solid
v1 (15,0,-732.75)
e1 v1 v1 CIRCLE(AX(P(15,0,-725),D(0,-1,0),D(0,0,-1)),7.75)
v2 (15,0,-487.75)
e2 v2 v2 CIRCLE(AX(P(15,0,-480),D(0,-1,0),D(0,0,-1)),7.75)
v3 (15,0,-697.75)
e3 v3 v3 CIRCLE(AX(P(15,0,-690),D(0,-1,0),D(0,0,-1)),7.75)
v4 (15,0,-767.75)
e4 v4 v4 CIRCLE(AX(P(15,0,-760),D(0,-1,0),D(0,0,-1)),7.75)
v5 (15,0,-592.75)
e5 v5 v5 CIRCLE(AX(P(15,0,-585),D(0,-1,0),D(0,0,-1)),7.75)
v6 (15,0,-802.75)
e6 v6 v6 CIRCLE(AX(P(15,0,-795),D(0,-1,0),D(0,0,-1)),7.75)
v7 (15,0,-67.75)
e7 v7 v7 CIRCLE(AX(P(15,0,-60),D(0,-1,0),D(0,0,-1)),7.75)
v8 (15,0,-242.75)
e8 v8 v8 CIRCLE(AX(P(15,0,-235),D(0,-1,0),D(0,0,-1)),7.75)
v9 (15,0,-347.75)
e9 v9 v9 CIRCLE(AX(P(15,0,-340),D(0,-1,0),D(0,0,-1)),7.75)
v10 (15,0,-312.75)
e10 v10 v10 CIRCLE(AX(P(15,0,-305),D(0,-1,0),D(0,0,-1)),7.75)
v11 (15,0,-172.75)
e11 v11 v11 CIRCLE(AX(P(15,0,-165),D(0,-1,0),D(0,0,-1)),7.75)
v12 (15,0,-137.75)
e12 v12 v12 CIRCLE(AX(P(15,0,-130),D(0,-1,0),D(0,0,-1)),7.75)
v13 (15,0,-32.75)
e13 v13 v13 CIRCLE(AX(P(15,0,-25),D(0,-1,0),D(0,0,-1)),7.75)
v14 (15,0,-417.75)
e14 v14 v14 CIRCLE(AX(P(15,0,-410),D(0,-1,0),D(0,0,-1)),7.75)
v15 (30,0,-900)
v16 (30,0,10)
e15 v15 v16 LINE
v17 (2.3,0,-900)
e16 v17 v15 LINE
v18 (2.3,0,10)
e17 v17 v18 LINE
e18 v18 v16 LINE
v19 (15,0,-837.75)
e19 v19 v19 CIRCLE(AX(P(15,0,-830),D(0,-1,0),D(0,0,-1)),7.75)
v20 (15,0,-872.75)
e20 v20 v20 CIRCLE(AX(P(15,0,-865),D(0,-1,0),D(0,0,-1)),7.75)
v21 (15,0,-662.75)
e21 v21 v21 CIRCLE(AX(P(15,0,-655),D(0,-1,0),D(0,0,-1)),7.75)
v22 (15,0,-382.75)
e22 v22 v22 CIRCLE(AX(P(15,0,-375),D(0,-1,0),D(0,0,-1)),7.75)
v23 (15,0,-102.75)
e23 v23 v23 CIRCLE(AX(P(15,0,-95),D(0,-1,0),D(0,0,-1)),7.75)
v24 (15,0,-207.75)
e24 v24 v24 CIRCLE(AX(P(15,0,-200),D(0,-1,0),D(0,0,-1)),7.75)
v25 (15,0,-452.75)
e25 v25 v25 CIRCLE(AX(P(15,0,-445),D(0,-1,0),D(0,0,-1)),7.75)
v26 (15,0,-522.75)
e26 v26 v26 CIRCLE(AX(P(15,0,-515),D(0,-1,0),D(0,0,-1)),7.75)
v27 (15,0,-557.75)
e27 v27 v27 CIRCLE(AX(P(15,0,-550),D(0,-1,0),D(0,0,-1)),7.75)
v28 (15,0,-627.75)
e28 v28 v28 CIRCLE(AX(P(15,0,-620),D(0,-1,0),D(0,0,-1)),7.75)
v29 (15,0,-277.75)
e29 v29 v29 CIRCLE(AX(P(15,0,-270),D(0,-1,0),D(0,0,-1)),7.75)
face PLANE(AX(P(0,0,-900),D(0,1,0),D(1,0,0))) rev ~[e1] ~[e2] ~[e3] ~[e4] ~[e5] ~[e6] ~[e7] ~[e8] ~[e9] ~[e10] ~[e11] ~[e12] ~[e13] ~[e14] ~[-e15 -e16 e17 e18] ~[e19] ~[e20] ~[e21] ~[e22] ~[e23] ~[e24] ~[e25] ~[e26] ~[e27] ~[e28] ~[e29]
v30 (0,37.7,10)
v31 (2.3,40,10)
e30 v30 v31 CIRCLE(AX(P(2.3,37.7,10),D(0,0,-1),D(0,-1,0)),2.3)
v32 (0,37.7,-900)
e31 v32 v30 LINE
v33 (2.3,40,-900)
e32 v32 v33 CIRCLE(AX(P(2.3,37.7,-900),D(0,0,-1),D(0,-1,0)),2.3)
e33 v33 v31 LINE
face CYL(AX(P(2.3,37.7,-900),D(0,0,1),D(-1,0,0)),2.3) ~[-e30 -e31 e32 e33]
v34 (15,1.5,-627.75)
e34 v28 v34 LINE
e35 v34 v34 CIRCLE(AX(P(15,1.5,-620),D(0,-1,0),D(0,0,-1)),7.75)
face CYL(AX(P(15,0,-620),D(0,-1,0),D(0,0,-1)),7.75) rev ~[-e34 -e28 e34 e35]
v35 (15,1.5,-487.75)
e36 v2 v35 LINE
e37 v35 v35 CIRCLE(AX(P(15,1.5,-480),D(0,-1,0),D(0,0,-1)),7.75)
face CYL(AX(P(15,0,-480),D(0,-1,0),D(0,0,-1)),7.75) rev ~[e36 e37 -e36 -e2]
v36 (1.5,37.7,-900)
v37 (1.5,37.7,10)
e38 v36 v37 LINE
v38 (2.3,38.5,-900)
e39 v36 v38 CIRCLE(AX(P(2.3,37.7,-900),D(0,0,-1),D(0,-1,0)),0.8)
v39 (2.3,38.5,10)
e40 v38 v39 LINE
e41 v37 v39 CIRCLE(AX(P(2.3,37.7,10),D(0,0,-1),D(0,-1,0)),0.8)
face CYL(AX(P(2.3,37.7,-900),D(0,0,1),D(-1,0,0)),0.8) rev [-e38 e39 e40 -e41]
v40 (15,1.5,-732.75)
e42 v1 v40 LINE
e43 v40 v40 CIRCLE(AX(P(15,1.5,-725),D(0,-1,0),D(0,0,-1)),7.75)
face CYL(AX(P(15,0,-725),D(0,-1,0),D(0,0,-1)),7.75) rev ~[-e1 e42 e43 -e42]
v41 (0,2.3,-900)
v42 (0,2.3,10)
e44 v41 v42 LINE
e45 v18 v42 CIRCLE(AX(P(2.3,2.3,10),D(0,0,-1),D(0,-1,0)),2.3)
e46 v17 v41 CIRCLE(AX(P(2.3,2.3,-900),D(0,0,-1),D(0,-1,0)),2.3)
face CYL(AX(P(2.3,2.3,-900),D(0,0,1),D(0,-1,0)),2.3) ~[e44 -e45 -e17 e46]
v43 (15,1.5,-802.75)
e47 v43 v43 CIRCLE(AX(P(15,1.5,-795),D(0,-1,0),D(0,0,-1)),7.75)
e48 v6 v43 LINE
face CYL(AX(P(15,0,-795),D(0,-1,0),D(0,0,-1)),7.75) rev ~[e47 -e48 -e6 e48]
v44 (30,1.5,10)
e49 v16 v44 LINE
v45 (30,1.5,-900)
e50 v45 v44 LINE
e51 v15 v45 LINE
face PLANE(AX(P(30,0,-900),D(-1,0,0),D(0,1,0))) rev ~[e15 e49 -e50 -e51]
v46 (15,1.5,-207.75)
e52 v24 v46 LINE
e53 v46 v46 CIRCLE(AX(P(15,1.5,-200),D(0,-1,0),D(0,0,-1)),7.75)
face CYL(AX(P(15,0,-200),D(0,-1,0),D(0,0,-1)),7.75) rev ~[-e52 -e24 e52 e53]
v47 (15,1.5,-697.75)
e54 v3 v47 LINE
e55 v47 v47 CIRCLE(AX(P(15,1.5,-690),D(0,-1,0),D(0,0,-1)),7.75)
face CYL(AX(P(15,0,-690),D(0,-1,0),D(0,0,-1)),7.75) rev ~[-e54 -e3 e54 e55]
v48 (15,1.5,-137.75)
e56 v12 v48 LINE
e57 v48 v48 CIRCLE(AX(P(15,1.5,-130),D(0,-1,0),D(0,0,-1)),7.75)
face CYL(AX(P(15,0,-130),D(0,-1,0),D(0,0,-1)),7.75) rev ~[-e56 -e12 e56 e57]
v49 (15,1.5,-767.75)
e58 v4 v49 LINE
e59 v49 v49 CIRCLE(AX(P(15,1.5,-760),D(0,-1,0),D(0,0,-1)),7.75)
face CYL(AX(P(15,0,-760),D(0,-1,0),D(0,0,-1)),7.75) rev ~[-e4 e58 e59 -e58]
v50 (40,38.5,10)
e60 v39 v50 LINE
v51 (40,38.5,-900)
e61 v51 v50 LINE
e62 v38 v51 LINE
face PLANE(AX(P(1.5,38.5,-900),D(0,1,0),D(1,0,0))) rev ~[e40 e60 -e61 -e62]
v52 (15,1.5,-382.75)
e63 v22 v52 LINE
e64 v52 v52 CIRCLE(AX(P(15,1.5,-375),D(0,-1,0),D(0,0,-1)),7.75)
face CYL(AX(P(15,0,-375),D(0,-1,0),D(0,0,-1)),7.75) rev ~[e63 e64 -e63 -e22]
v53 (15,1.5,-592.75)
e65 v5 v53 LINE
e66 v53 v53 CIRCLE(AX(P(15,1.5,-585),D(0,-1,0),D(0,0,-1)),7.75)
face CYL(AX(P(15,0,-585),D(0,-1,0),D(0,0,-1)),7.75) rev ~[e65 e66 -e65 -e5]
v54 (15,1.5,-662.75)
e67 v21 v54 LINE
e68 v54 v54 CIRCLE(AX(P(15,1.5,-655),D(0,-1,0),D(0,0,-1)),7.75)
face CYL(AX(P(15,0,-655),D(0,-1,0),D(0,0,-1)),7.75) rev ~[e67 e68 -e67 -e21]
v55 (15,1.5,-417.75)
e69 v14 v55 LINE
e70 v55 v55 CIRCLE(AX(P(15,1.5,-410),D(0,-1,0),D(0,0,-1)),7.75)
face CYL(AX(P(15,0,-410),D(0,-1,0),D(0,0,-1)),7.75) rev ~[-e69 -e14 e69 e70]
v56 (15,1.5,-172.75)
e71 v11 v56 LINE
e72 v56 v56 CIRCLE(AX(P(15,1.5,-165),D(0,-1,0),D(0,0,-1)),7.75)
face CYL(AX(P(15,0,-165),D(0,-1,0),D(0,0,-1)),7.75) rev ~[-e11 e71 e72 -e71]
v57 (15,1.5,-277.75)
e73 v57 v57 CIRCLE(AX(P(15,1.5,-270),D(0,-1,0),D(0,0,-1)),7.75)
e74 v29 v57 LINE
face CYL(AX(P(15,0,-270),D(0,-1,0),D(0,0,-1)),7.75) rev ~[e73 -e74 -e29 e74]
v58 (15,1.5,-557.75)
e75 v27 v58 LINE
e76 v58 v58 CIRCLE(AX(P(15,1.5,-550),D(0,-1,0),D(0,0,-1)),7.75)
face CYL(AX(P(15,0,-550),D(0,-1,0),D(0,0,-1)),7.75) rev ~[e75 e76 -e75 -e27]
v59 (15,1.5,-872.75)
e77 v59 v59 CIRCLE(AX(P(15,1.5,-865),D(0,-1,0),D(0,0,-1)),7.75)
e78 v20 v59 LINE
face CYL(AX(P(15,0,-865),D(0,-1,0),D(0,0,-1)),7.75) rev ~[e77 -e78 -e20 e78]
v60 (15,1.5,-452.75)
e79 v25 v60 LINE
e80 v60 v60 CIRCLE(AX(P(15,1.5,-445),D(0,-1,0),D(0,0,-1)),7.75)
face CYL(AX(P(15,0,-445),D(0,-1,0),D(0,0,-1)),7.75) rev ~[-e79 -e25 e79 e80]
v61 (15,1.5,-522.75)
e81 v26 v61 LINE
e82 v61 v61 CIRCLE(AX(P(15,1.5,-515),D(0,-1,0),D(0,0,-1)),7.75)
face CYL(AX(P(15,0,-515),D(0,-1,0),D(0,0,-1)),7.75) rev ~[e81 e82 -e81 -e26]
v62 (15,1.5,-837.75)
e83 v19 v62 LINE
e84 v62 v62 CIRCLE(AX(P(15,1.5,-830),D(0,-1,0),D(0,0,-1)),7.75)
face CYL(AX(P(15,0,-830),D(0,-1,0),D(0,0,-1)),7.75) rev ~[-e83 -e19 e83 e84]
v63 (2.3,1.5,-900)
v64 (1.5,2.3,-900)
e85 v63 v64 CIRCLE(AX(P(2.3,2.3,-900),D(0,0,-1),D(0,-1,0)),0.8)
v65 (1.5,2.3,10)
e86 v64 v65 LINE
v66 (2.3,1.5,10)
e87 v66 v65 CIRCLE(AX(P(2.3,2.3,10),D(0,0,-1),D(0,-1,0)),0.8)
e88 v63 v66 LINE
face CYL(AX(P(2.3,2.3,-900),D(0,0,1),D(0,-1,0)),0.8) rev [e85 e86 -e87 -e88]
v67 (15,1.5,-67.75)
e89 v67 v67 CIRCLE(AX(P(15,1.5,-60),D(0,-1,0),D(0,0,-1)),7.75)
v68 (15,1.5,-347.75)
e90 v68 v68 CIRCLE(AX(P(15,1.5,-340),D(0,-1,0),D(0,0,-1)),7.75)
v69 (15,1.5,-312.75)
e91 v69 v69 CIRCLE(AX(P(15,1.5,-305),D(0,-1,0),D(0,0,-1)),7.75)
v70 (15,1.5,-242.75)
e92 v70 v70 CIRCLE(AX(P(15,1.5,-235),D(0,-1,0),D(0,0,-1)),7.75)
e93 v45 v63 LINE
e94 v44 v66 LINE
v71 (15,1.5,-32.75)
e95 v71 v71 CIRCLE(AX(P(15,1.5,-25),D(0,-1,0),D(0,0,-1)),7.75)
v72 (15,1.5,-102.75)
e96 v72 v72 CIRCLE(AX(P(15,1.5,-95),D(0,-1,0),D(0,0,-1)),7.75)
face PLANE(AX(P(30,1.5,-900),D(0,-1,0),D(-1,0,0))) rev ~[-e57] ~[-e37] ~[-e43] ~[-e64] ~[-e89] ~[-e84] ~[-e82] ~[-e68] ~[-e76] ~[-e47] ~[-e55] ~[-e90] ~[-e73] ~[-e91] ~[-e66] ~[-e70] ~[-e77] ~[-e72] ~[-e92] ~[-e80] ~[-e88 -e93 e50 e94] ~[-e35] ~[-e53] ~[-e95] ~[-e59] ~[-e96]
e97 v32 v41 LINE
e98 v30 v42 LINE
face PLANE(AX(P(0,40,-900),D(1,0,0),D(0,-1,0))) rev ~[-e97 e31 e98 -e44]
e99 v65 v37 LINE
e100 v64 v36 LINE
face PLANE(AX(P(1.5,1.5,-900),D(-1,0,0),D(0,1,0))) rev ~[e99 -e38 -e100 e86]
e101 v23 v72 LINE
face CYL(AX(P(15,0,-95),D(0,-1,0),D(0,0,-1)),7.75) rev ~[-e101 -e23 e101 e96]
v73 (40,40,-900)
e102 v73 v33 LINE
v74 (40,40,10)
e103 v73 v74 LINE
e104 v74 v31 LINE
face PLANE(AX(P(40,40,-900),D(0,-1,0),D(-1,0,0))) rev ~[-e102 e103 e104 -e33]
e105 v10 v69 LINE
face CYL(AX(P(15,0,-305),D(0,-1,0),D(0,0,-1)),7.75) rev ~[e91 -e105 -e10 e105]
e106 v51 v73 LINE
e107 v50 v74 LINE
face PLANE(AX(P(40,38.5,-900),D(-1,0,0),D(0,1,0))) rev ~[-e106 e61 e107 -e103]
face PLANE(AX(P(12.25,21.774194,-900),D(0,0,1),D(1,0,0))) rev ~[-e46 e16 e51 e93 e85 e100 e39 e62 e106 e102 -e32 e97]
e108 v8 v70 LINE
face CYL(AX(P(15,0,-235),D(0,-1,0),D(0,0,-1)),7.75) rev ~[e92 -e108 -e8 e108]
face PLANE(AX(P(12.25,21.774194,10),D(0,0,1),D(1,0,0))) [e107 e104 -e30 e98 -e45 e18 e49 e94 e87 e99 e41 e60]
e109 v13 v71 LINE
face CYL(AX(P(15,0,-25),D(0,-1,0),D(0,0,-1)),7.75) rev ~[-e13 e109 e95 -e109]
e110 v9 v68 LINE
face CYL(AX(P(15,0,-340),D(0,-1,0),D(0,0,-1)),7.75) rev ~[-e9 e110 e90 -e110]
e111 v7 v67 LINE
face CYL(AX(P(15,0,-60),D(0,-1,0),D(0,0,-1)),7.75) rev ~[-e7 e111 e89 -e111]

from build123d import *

# Parameters (mm, degrees)
BOSS_EXTRUDE1_DEPTH      = 10
BOSS_EXTRUDE1_DEPTH_BACK = 900
SKETCH2_R                = 7.75
CUT_EXTRUDE2_DEPTH       = 1.5
FILLET1_R                = 2.3
FILLET2_R                = 0.8


with BuildPart() as part:
    # Sketch1 → Boss-Extrude1 (new, two sides: drawn at the far end of the back side and taken through both)
    with BuildSketch(Plane.XY.offset(-BOSS_EXTRUDE1_DEPTH_BACK)):
        Polygon((0, 0), (30, 0), (30, 1.5), (1.5, 1.5), (1.5, 38.5), (40, 38.5), (40, 40), (0, 40), align=None)
    extrude(amount=BOSS_EXTRUDE1_DEPTH + BOSS_EXTRUDE1_DEPTH_BACK)

    # Sketch2 → Cut-Extrude2 (cut)
    with BuildSketch(Plane.XZ):
        with Locations(Location((15, -25, 0), (0, 0, 270))):
            Circle(SKETCH2_R)
        with Locations(Location((15, -60, 0), (0, 0, 270))):
            Circle(SKETCH2_R)
        with Locations(Location((15, -95, 0), (0, 0, 270))):
            Circle(SKETCH2_R)
        with Locations(Location((15, -130, 0), (0, 0, 270))):
            Circle(SKETCH2_R)
        with Locations(Location((15, -165, 0), (0, 0, 270))):
            Circle(SKETCH2_R)
        with Locations(Location((15, -200, 0), (0, 0, 270))):
            Circle(SKETCH2_R)
        with Locations(Location((15, -235, 0), (0, 0, 270))):
            Circle(SKETCH2_R)
        with Locations(Location((15, -270, 0), (0, 0, 270))):
            Circle(SKETCH2_R)
        with Locations(Location((15, -305, 0), (0, 0, 270))):
            Circle(SKETCH2_R)
        with Locations(Location((15, -340, 0), (0, 0, 270))):
            Circle(SKETCH2_R)
        with Locations(Location((15, -375, 0), (0, 0, 270))):
            Circle(SKETCH2_R)
        with Locations(Location((15, -410, 0), (0, 0, 270))):
            Circle(SKETCH2_R)
        with Locations(Location((15, -445, 0), (0, 0, 270))):
            Circle(SKETCH2_R)
        with Locations(Location((15, -480, 0), (0, 0, 270))):
            Circle(SKETCH2_R)
        with Locations(Location((15, -515, 0), (0, 0, 270))):
            Circle(SKETCH2_R)
        with Locations(Location((15, -550, 0), (0, 0, 270))):
            Circle(SKETCH2_R)
        with Locations(Location((15, -585, 0), (0, 0, 270))):
            Circle(SKETCH2_R)
        with Locations(Location((15, -620, 0), (0, 0, 270))):
            Circle(SKETCH2_R)
        with Locations(Location((15, -655, 0), (0, 0, 270))):
            Circle(SKETCH2_R)
        with Locations(Location((15, -690, 0), (0, 0, 270))):
            Circle(SKETCH2_R)
        with Locations(Location((15, -725, 0), (0, 0, 270))):
            Circle(SKETCH2_R)
        with Locations(Location((15, -760, 0), (0, 0, 270))):
            Circle(SKETCH2_R)
        with Locations(Location((15, -795, 0), (0, 0, 270))):
            Circle(SKETCH2_R)
        with Locations(Location((15, -830, 0), (0, 0, 270))):
            Circle(SKETCH2_R)
        with Locations(Location((15, -865, 0), (0, 0, 270))):
            Circle(SKETCH2_R)
    extrude(amount=-CUT_EXTRUDE2_DEPTH, mode=Mode.SUBTRACT)

    # Fillet1
    fillet1_edges = [part.edges().sort_by_distance(p)[0] for p in [
        (0, 40, -445),
        (0, 0, -445),
    ]]
    fillet(fillet1_edges, radius=FILLET1_R)

    # Fillet2
    fillet2_edges = [part.edges().sort_by_distance(p)[0] for p in [
        (1.5, 38.5, -445),
        (1.5, 1.5, -445),
    ]]
    fillet(fillet2_edges, radius=FILLET2_R)


solid = part.part
